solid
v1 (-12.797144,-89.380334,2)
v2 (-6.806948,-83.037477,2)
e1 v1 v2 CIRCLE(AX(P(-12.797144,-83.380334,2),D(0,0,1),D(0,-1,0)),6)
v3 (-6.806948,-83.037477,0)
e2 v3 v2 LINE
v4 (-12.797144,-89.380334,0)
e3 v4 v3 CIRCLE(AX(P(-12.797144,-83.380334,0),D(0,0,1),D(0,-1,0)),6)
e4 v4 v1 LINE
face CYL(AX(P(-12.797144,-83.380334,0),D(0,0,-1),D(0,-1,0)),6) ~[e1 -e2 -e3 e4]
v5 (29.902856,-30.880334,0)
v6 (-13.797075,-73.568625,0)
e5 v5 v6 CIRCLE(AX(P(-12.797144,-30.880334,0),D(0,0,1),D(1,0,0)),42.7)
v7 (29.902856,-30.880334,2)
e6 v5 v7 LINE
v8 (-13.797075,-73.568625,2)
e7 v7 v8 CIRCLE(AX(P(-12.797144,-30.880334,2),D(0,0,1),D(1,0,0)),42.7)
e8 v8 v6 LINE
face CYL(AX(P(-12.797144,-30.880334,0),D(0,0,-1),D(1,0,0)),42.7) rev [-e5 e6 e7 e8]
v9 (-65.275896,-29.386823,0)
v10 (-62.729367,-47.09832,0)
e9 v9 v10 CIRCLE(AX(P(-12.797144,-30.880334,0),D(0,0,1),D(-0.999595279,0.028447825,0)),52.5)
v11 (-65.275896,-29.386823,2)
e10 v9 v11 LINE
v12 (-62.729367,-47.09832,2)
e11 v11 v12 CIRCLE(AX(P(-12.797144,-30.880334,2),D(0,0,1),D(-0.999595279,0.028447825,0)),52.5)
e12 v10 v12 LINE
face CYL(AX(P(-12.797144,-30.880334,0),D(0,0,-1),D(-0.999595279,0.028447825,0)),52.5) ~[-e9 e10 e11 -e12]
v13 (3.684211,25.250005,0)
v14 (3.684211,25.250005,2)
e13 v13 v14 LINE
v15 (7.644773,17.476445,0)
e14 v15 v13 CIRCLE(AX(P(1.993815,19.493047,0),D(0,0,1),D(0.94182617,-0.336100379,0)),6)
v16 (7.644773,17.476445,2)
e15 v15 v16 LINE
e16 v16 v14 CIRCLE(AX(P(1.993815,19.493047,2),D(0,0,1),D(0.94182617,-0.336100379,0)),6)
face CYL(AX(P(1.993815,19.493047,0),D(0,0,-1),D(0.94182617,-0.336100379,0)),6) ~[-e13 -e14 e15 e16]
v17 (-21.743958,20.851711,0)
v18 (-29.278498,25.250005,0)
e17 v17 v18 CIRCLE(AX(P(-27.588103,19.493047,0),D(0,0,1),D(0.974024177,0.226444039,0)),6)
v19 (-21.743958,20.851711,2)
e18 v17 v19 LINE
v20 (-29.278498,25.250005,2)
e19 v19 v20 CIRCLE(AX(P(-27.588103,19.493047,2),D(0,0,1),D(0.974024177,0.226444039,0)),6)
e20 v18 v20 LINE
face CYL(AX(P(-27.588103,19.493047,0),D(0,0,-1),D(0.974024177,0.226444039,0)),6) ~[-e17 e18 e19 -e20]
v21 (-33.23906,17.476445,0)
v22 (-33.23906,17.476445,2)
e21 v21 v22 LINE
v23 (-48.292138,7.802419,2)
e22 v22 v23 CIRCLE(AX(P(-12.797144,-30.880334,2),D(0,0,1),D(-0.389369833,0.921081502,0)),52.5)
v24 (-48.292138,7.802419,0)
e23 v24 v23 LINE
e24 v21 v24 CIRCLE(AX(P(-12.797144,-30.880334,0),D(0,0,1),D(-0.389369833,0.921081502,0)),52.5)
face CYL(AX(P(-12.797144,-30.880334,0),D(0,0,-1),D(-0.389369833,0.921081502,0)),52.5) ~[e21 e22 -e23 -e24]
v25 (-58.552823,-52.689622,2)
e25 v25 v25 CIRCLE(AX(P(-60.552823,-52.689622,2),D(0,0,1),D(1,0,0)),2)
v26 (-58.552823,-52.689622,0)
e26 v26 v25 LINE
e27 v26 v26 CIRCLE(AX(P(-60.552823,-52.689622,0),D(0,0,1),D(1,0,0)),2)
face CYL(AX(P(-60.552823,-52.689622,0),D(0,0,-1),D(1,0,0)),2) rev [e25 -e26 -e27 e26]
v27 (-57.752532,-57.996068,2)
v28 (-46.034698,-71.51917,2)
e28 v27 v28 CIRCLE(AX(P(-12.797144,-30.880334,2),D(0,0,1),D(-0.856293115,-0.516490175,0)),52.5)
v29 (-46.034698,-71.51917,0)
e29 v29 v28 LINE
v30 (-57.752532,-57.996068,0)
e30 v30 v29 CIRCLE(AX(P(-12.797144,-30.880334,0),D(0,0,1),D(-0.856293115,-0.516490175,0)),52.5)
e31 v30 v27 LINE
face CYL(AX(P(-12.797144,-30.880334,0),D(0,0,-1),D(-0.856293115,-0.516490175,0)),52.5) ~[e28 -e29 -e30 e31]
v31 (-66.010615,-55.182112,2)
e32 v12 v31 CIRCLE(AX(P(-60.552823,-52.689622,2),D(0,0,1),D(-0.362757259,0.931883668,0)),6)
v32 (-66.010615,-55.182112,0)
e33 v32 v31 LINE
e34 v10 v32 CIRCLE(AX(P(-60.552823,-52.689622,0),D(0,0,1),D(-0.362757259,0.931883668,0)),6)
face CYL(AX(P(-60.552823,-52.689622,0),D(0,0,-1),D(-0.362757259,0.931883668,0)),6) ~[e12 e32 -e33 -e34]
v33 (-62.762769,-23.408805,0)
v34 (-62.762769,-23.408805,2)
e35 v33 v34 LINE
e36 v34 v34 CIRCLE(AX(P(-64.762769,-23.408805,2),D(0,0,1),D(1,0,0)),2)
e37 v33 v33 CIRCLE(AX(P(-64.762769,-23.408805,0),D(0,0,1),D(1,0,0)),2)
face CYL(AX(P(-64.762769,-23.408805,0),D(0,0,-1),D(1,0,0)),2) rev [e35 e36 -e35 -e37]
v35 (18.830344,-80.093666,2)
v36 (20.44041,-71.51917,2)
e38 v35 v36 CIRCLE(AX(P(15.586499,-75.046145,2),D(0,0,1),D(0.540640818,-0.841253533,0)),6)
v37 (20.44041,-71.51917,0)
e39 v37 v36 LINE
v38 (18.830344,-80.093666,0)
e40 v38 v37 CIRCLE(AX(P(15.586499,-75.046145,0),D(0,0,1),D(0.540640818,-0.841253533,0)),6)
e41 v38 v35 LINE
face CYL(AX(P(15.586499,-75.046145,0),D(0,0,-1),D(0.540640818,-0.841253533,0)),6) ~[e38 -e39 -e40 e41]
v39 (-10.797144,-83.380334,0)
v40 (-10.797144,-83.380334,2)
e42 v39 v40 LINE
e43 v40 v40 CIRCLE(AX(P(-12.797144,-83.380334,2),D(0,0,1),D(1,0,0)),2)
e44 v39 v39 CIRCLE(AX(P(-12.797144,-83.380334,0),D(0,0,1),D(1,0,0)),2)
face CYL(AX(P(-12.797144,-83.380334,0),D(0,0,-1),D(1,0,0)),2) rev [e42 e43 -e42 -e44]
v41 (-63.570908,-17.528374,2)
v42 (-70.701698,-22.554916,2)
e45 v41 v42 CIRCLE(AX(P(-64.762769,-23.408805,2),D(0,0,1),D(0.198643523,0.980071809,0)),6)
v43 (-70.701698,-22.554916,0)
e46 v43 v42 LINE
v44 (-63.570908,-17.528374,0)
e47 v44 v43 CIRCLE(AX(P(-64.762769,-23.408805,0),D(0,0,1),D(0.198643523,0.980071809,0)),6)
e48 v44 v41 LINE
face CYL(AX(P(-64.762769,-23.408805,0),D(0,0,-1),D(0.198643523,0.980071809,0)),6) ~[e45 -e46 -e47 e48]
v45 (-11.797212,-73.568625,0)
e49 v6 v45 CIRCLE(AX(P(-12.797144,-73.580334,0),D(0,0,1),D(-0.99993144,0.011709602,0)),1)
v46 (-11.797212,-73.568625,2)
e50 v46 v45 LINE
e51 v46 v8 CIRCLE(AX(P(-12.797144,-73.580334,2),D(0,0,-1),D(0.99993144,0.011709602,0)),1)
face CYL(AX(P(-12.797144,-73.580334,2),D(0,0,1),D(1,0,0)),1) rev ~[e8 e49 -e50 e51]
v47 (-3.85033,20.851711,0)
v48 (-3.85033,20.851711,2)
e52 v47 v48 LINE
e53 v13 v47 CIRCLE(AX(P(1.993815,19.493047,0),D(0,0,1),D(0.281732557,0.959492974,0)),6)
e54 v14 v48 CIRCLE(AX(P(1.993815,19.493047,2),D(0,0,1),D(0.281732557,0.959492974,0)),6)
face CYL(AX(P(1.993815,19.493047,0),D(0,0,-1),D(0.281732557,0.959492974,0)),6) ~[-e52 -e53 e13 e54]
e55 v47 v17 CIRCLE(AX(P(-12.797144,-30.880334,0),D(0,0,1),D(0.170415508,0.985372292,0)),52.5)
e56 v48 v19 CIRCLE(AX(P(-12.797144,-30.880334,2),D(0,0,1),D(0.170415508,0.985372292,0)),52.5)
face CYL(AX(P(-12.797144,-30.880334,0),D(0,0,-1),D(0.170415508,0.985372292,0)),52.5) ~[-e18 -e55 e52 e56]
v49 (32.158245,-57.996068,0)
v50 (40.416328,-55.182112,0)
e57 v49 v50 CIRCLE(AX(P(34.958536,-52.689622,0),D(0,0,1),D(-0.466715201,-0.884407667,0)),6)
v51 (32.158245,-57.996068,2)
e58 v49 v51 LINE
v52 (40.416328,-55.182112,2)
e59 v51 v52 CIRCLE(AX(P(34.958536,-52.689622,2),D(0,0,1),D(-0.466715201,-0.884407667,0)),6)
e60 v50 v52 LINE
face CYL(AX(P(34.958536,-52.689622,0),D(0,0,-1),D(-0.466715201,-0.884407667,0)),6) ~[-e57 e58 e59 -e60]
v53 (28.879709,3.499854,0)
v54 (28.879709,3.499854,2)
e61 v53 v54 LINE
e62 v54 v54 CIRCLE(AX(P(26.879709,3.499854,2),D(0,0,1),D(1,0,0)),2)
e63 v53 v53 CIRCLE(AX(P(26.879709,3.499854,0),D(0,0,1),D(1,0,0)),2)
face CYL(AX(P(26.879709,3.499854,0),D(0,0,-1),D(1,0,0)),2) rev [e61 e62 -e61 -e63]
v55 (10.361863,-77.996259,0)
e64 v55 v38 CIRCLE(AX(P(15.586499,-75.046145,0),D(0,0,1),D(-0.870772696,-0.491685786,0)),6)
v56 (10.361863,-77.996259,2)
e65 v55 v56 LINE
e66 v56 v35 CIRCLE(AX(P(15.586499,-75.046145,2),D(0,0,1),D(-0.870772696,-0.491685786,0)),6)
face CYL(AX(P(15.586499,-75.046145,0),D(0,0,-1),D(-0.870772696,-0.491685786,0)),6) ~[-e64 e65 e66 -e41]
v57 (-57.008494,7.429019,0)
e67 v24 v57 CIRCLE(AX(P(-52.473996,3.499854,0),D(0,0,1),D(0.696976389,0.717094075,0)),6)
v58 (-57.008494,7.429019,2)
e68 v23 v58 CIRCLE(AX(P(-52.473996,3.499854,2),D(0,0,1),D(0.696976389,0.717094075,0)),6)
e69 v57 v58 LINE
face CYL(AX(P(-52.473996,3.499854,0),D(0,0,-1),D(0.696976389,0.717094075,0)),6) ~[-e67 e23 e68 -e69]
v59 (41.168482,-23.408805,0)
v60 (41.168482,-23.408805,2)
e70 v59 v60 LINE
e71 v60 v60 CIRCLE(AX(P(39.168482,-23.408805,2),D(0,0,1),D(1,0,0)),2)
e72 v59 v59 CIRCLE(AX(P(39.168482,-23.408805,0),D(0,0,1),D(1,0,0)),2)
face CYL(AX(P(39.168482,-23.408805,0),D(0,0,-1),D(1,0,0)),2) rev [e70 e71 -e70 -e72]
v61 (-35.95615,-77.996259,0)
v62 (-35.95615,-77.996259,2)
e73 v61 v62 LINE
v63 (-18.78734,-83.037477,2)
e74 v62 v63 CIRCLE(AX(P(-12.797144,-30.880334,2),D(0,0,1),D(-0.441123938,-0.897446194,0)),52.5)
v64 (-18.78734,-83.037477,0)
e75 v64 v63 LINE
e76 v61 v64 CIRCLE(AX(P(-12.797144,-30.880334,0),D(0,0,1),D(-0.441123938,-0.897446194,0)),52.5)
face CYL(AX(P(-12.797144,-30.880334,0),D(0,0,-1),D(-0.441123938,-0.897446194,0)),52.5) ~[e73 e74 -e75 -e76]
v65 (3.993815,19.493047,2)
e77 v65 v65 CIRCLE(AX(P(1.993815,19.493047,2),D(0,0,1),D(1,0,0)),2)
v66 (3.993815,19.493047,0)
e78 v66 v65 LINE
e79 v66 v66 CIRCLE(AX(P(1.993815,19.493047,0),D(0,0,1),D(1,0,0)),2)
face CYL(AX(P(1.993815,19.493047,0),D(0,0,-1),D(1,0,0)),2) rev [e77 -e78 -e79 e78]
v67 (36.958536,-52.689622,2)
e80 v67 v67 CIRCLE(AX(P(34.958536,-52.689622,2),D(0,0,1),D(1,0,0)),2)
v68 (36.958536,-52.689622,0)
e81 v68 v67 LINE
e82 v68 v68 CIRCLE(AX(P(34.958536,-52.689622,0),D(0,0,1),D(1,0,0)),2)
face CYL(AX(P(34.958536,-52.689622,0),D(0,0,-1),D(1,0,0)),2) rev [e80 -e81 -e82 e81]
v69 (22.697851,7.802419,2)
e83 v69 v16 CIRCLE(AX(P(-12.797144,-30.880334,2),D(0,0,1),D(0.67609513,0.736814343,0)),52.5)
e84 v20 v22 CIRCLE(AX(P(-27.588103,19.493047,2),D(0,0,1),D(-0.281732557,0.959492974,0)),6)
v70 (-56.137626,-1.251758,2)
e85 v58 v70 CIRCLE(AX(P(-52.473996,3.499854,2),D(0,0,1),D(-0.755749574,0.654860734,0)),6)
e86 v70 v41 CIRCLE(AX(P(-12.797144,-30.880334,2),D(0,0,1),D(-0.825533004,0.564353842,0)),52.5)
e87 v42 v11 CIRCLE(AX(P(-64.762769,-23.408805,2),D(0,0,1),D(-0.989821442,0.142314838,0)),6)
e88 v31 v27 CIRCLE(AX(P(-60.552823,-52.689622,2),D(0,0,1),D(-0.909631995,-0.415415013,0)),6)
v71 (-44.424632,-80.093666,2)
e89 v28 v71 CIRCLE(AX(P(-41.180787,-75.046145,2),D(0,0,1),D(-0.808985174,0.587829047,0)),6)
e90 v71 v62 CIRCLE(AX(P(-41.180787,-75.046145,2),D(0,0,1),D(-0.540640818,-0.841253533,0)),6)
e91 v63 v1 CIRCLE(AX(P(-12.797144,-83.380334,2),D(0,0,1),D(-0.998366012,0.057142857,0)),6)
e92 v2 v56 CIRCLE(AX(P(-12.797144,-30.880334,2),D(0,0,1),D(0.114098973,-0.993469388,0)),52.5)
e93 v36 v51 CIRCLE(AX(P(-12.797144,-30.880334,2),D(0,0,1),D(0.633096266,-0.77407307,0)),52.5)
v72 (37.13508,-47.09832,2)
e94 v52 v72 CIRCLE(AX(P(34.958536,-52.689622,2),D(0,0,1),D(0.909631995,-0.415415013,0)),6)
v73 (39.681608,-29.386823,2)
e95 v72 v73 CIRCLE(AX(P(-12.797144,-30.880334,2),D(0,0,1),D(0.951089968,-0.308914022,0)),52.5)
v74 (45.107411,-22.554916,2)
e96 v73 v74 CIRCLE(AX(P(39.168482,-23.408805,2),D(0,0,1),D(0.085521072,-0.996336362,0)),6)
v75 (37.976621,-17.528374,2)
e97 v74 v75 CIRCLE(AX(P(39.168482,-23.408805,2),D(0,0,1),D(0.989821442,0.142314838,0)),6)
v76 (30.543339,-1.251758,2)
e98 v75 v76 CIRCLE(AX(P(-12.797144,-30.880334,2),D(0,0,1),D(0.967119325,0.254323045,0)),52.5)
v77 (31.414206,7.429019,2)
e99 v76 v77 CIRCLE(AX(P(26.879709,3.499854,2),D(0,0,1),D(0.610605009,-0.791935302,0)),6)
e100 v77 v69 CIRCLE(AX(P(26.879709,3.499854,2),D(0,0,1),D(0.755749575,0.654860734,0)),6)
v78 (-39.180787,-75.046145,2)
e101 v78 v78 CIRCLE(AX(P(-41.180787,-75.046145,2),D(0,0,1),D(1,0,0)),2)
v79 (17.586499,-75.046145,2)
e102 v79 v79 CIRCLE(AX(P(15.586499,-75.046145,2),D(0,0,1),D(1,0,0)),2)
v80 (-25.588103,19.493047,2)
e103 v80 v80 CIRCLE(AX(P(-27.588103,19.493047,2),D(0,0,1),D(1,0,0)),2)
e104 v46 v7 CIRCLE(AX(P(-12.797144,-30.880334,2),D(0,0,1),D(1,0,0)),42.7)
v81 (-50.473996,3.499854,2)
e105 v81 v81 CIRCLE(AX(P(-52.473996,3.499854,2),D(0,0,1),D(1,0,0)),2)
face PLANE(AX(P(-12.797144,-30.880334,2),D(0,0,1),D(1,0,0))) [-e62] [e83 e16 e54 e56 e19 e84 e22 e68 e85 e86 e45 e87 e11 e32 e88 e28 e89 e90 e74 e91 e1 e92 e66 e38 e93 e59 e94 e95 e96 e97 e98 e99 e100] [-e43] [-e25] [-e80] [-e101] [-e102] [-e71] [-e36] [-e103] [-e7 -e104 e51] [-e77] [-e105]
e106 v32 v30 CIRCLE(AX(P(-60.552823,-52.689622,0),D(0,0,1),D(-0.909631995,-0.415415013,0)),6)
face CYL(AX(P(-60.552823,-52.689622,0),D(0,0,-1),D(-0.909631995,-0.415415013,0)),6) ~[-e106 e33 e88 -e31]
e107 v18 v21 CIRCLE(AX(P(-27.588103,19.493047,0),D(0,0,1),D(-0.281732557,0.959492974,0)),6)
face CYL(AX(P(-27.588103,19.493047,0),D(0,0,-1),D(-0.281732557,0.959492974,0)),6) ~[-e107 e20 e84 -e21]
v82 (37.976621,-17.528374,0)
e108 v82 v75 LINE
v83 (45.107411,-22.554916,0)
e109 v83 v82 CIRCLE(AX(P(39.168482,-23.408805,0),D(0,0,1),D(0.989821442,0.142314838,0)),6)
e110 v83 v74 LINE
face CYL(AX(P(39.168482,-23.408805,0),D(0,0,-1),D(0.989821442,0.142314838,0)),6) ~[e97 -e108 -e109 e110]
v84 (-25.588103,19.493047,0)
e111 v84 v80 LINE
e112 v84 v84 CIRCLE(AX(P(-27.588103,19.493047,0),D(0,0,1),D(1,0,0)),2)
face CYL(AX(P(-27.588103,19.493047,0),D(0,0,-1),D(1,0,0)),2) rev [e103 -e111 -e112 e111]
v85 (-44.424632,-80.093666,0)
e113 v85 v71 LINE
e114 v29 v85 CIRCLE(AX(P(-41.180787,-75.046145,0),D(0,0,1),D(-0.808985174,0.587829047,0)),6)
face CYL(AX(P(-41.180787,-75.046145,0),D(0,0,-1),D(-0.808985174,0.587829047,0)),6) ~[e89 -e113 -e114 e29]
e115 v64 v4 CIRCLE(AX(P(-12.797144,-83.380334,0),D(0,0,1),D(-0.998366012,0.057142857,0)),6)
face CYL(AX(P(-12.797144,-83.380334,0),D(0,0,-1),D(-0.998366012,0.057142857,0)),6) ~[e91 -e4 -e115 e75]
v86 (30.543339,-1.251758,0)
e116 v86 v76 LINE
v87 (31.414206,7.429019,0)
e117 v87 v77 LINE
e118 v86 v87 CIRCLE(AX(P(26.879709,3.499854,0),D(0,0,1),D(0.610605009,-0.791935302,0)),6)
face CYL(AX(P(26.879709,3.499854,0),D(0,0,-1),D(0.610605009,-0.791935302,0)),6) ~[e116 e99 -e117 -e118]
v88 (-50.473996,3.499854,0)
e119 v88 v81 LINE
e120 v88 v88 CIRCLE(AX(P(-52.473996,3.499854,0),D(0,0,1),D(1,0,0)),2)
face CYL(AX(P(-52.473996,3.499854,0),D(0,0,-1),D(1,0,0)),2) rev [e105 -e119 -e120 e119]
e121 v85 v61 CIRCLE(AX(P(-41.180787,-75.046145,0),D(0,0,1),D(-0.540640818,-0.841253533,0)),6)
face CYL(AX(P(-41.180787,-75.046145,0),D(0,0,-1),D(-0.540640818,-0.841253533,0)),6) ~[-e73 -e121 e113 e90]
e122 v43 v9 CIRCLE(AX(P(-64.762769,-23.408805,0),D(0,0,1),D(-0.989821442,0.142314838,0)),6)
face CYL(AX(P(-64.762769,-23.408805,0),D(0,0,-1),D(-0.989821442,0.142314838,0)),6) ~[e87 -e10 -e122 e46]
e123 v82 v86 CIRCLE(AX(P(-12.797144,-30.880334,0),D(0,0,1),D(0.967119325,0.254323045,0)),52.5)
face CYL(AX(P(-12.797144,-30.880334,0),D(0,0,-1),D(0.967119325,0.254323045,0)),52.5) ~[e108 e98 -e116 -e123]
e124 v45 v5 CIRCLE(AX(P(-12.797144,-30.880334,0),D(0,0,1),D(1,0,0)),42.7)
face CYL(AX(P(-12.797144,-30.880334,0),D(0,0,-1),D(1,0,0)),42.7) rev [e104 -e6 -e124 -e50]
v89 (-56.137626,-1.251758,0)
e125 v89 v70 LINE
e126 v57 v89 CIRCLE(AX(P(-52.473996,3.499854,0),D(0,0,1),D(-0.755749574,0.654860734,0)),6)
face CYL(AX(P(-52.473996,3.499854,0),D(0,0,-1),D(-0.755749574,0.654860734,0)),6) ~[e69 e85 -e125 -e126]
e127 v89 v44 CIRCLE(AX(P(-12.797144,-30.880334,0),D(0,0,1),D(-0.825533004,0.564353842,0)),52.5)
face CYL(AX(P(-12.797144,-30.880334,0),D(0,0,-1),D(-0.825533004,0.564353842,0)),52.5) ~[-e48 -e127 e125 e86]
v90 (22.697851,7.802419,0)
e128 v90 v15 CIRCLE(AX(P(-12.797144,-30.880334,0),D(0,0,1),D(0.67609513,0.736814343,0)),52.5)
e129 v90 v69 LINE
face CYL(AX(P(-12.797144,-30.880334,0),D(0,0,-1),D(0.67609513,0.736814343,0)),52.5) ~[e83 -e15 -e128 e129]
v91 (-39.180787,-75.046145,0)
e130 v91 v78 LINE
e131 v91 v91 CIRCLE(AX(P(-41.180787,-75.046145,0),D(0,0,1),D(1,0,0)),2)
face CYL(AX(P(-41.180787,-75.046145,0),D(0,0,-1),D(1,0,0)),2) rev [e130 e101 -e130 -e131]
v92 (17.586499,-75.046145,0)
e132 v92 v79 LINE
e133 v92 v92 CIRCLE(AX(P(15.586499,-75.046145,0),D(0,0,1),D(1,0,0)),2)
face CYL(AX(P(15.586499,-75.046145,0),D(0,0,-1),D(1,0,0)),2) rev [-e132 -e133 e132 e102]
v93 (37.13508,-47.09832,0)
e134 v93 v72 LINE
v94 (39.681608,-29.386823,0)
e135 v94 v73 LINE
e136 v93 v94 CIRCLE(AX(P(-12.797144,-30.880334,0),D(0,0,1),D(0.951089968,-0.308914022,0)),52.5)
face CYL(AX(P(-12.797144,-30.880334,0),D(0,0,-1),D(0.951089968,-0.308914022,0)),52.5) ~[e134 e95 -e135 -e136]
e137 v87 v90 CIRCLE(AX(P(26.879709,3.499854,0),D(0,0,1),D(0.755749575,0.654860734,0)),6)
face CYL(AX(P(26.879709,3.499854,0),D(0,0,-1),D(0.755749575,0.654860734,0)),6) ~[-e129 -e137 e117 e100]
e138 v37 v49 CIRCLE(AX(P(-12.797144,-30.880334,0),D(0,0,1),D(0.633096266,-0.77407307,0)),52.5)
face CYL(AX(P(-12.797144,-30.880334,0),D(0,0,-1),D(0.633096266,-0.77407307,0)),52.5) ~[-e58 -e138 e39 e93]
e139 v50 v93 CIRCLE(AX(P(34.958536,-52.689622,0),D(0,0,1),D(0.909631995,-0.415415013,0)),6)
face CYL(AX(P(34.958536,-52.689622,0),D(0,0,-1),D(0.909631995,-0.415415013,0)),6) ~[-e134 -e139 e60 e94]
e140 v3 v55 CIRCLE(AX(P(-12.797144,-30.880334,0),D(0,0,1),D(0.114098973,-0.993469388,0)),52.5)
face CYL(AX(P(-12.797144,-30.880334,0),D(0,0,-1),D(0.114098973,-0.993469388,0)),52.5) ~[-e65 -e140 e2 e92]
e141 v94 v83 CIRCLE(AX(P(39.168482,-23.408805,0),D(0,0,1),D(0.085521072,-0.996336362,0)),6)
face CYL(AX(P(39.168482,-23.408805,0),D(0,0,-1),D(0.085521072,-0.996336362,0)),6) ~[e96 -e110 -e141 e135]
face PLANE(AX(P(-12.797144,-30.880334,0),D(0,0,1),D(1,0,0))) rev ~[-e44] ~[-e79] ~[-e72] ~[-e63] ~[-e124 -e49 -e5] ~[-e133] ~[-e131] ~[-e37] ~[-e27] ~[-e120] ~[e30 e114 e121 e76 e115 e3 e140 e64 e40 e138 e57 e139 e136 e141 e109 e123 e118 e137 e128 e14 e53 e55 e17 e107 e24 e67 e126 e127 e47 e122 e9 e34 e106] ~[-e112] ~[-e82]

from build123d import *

# Parameters (mm, degrees)
SKETCH_1_R          = 42.7
SKETCH_1_R_2        = 2
EXTRUDE_1_DEPTH     = 2
SKETCH_2_R          = 1
CUT_EXTRUDE_1_DEPTH = 2


with BuildPart() as part:
    # 草图1 → 凸台-拉伸1 (new body)
    with BuildSketch(Plane.XY):
        with BuildLine():
            ThreePointArc((-70.701698086, -22.554916187), (-69.461279061, -27.140293833), (-65.275895868, -29.386823389))
            ThreePointArc((-65.275895868, -29.386823389), (-64.762769434, -38.351863236), (-62.729367044, -47.098320399))
            ThreePointArc((-62.729367044, -47.098320399), (-66.112292293, -50.433008431), (-66.010615464, -55.182112487))
            ThreePointArc((-66.010615464, -55.182112487), (-62.488066258, -58.368956475), (-57.752532286, -57.99606841))
            ThreePointArc((-57.752532286, -57.99606841), (-52.473996389, -65.260522759), (-46.034697694, -71.519170416))
            ThreePointArc((-46.034697694, -71.519170416), (-47.077727048, -76.153435976), (-44.424631557, -80.093665897))
            ThreePointArc((-44.424631557, -80.093665897), (-39.738336654, -80.870175779), (-35.956150478, -77.996259418))
            ThreePointArc((-35.956150478, -77.996259418), (-27.58810297, -81.253715341), (-18.787339807, -83.037477084))
            ThreePointArc((-18.787339807, -83.037477084), (-17.159318816, -87.4999736), (-12.797143736, -89.380334226))
            ThreePointArc((-12.797143736, -89.380334226), (-8.434968656, -87.4999736), (-6.806947664, -83.037477084))
            ThreePointArc((-6.806947664, -83.037477084), (1.993815499, -81.253715341), (10.361863007, -77.996259418))
            ThreePointArc((10.361863007, -77.996259418), (14.144049183, -80.870175779), (18.830344086, -80.093665897))
            ThreePointArc((18.830344086, -80.093665897), (21.483439576, -76.153435976), (20.440410223, -71.519170416))
            ThreePointArc((20.440410223, -71.519170416), (26.879708918, -65.260522759), (32.158244814, -57.99606841))
            ThreePointArc((32.158244814, -57.99606841), (36.893778787, -58.368956475), (40.416327993, -55.182112487))
            ThreePointArc((40.416327993, -55.182112487), (40.518004822, -50.433008431), (37.135079573, -47.098320399))
            ThreePointArc((37.135079573, -47.098320399), (39.168481963, -38.351863236), (39.681608397, -29.386823389))
            ThreePointArc((39.681608397, -29.386823389), (43.866991589, -27.140293833), (45.107410614, -22.554916187))
            ThreePointArc((45.107410614, -22.554916187), (42.625387107, -18.504744978), (37.976620826, -17.528374363))
            ThreePointArc((37.976620826, -17.528374363), (34.958536021, -9.071046044), (30.543338974, -1.251757506))
            ThreePointArc((30.543338974, -1.251757506), (32.849741796, 2.90093241), (31.414206364, 7.429018709))
            ThreePointArc((31.414206364, 7.429018709), (27.136507447, 9.49435633), (22.697850582, 7.802418757))
            ThreePointArc((22.697850582, 7.802418757), (15.586499181, 13.285476247), (7.644772521, 17.476444614))
            ThreePointArc((7.644772521, 17.476444614), (7.339928372, 22.216845183), (3.68421084, 25.25000473))
            ThreePointArc((3.68421084, 25.25000473), (-1.031024306, 24.67477866), (-3.850329562, 20.851711124))
            ThreePointArc((-3.850329562, 20.851711124), (-12.797143736, 21.619665774), (-21.743957909, 20.851711124))
            ThreePointArc((-21.743957909, 20.851711124), (-24.563263165, 24.67477866), (-29.278498311, 25.25000473))
            ThreePointArc((-29.278498311, 25.25000473), (-32.934215843, 22.216845183), (-33.239059992, 17.476444613))
            ThreePointArc((-33.239059992, 17.476444613), (-41.180786652, 13.285476247), (-48.292138053, 7.802418757))
            ThreePointArc((-48.292138053, 7.802418757), (-52.730794918, 9.49435633), (-57.008493835, 7.429018709))
            ThreePointArc((-57.008493835, 7.429018709), (-58.444029267, 2.90093241), (-56.137626446, -1.251757506))
            ThreePointArc((-56.137626446, -1.251757506), (-60.552823492, -9.071046044), (-63.570908298, -17.528374363))
            ThreePointArc((-63.570908298, -17.528374363), (-68.219674578, -18.504744978), (-70.701698086, -22.554916187))
        make_face()
        with Locations((-12.797143736, -30.880334226)):
            Circle(SKETCH_1_R, mode=Mode.SUBTRACT)
        with Locations((-64.762769434, -23.408805217)):
            Circle(SKETCH_1_R_2, mode=Mode.SUBTRACT)
        with Locations((-52.473996389, 3.499854306)):
            Circle(SKETCH_1_R_2, mode=Mode.SUBTRACT)
        with Locations((-27.58810297, 19.493046888)):
            Circle(SKETCH_1_R_2, mode=Mode.SUBTRACT)
        with Locations((1.993815499, 19.493046888)):
            Circle(SKETCH_1_R_2, mode=Mode.SUBTRACT)
        with Locations((26.879708918, 3.499854306)):
            Circle(SKETCH_1_R_2, mode=Mode.SUBTRACT)
        with Locations((39.168481963, -23.408805217)):
            Circle(SKETCH_1_R_2, mode=Mode.SUBTRACT)
        with Locations((34.958536021, -52.689622409)):
            Circle(SKETCH_1_R_2, mode=Mode.SUBTRACT)
        with Locations((15.586499181, -75.0461447)):
            Circle(SKETCH_1_R_2, mode=Mode.SUBTRACT)
        with Locations((-12.797143736, -83.380334226)):
            Circle(SKETCH_1_R_2, mode=Mode.SUBTRACT)
        with Locations((-41.180786652, -75.0461447)):
            Circle(SKETCH_1_R_2, mode=Mode.SUBTRACT)
        with Locations((-60.552823492, -52.689622409)):
            Circle(SKETCH_1_R_2, mode=Mode.SUBTRACT)
    extrude(amount=EXTRUDE_1_DEPTH)

    # 草图2 → 切除-拉伸1 (cut)
    with BuildSketch(Plane.XY.offset(2)):
        with Locations((-12.797143736, -73.580334226)):
            Circle(SKETCH_2_R)
    extrude(amount=-CUT_EXTRUDE_1_DEPTH, mode=Mode.SUBTRACT)


solid = part.part
